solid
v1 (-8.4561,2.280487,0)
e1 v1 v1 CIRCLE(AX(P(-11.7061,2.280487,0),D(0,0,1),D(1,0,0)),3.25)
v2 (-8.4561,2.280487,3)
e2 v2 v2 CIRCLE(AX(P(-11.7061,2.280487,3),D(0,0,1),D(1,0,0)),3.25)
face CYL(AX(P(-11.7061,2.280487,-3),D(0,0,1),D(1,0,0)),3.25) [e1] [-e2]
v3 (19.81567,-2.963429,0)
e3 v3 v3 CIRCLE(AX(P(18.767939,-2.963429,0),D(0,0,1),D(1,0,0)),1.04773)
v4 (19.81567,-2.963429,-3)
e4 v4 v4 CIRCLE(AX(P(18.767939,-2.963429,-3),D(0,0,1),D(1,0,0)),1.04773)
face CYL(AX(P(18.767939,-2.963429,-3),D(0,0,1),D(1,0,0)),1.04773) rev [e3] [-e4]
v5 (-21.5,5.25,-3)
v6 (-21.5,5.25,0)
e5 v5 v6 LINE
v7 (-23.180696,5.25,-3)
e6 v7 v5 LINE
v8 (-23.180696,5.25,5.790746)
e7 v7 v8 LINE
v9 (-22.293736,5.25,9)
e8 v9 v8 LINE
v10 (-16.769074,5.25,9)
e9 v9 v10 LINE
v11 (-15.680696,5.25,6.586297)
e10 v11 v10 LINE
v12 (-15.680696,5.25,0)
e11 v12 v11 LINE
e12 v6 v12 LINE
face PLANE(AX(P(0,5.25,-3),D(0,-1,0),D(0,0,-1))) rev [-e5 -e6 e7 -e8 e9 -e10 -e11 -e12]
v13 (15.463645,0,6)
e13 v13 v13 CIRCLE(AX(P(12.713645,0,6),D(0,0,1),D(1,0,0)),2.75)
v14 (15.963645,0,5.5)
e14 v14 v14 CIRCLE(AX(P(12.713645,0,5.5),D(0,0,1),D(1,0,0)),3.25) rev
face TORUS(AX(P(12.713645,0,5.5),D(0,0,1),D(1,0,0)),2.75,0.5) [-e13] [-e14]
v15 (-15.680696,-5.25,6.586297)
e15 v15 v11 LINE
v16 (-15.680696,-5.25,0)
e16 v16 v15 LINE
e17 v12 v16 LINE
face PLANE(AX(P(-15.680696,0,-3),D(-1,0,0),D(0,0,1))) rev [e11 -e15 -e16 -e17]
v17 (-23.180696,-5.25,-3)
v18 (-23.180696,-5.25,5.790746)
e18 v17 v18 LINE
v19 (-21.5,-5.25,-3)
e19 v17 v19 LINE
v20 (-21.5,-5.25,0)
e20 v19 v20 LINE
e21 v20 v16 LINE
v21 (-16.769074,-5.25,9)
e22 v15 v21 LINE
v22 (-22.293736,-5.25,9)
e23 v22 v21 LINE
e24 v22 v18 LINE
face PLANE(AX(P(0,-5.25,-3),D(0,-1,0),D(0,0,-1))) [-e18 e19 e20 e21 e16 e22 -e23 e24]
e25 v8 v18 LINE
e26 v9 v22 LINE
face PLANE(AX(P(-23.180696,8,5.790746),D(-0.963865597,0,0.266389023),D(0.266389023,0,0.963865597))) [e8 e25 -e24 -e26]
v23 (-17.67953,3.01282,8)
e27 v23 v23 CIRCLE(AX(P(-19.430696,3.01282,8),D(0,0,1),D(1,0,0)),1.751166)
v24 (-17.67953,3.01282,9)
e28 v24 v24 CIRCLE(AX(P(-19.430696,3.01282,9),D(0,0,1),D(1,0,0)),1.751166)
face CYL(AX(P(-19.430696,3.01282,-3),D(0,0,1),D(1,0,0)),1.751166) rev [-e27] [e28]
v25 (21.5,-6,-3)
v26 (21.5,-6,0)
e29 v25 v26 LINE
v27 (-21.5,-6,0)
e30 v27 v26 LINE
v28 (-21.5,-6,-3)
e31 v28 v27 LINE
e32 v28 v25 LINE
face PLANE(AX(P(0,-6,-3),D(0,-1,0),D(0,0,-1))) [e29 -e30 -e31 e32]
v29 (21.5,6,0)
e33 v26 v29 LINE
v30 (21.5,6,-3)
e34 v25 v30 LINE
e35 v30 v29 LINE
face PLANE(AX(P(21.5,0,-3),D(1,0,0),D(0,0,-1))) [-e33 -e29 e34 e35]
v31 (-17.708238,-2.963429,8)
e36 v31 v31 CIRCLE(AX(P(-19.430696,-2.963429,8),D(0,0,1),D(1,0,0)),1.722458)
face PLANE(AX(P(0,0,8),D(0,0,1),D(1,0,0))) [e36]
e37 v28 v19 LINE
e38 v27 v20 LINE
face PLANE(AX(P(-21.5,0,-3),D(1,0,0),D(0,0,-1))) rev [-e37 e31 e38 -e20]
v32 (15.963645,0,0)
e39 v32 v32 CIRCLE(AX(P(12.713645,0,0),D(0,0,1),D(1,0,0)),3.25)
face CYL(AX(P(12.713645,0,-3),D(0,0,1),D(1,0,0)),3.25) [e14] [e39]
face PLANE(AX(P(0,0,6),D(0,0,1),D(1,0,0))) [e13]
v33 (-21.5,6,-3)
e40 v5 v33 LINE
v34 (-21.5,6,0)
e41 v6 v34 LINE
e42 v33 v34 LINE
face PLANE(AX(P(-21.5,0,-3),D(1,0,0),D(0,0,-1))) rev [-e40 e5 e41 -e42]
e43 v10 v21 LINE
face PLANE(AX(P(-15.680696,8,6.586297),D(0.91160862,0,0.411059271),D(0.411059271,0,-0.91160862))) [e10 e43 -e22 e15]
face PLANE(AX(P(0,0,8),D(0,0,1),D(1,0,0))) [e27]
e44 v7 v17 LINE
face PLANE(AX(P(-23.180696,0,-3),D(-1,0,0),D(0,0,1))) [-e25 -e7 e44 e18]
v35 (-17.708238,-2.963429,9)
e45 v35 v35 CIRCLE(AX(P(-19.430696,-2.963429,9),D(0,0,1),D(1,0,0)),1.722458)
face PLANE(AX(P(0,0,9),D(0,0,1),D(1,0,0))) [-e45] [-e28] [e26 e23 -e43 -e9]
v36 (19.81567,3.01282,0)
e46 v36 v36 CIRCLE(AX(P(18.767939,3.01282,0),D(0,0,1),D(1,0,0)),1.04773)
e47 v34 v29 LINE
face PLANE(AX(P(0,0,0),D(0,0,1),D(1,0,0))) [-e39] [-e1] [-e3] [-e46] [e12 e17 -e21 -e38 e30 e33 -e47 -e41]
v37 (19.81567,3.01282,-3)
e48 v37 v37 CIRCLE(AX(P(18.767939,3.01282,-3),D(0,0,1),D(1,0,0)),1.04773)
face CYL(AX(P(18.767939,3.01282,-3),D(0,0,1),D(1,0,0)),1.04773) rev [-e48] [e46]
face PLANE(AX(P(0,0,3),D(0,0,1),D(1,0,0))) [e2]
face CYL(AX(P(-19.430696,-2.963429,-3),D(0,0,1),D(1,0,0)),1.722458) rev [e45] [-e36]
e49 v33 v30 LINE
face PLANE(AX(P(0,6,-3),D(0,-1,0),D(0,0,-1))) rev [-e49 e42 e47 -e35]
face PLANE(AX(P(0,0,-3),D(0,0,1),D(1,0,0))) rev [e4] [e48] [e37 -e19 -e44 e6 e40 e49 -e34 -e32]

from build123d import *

# Parameters (mm, degrees)
ESQUISSE1_R                  = 1.047730405
ESQUISSE1_R_2                = 3.25
BOSS_EXTRU_1_DEPTH           = 3
BOSS_EXTRU_2_DEPTH           = 3
BOSS_EXTRU_2_DEPTH_BACK      = 3
ESQUISSE1_3_R                = 3.25
BOSS_EXTRU_3_DEPTH           = 6
BOSS_EXTRU_3_DEPTH_BACK      = 3
ESQUISSE1_4_R                = 3.25
BOSS_EXTRU_4_DEPTH           = 9
BOSS_EXTRU_4_DEPTH_BACK      = 3
ESQUISSE1_5_W                = 7.5
ESQUISSE1_5_H                = 10.5
ESQUISSE1_5_R                = 1.751165812
ESQUISSE1_5_R_2              = 1.722458175
BOSS_EXTRU_5_DEPTH           = 8
BOSS_EXTRU_5_DEPTH_BACK      = 3
ESQUISSE1_6_R                = 1.751165812
ESQUISSE1_6_R_2              = 1.722458175
ENL_V_MAT_EXTRU_1_DEPTH      = 8
ENL_V_MAT_EXTRU_1_DEPTH_BACK = 8
CONG_1_R                     = 0.5


with BuildPart() as part:
    # Esquisse1 → Boss.-Extru.1 (new body)
    with BuildSketch(Plane.XY):
        Polygon((-21.5, -5.25), (-21.5, -6), (21.5, -6), (21.5, 6), (-21.5, 6), (-21.5, 5.25), (-15.680696028, 5.25), (-15.680696028, -5.25), align=None)
        with Locations((18.767939295, -2.963429097)):
            Circle(ESQUISSE1_R, mode=Mode.SUBTRACT)
        with Locations((-11.706099573, 2.280487387)):
            Circle(ESQUISSE1_R_2, mode=Mode.SUBTRACT)
        with Locations((12.713644898, 0)):
            Circle(ESQUISSE1_R_2, mode=Mode.SUBTRACT)
        with Locations((18.767939295, 3.012819582)):
            Circle(ESQUISSE1_R, mode=Mode.SUBTRACT)
    extrude(amount=-BOSS_EXTRU_1_DEPTH)

    # Esquisse1<3> → Boss.-Extru.2 (add, two sides: drawn at the far end of the back side and taken through both)
    with BuildSketch(Plane.XY.offset(-BOSS_EXTRU_2_DEPTH_BACK)):
        with Locations((-11.706099573, 2.280487387)):
            Circle(ESQUISSE1_3_R)
    extrude(amount=BOSS_EXTRU_2_DEPTH + BOSS_EXTRU_2_DEPTH_BACK)

    # Esquisse1<4> → Boss.-Extru.3 (add, two sides: drawn at the far end of the back side and taken through both)
    with BuildSketch(Plane.XY.offset(-BOSS_EXTRU_3_DEPTH_BACK)):
        with Locations((12.713644898, 0)):
            Circle(ESQUISSE1_4_R)
    extrude(amount=BOSS_EXTRU_3_DEPTH + BOSS_EXTRU_3_DEPTH_BACK)

    # Esquisse1<5> → Boss.-Extru.4 (add, two sides: drawn at the far end of the back side and taken through both)
    with BuildSketch(Plane.XY.offset(-BOSS_EXTRU_4_DEPTH_BACK)):
        with Locations((-19.430696028, 0)):
            Rectangle(ESQUISSE1_5_W, ESQUISSE1_5_H)
        with Locations((-19.430696028, 3.012819582)):
            Circle(ESQUISSE1_5_R, mode=Mode.SUBTRACT)
        with Locations((-19.430696028, -2.963429097)):
            Circle(ESQUISSE1_5_R_2, mode=Mode.SUBTRACT)
    extrude(amount=BOSS_EXTRU_4_DEPTH + BOSS_EXTRU_4_DEPTH_BACK)

    # Esquisse1<6> → Boss.-Extru.5 (add, two sides: drawn at the far end of the back side and taken through both)
    with BuildSketch(Plane.XY.offset(-BOSS_EXTRU_5_DEPTH_BACK)):
        with Locations((-19.430696028, 3.012819582)):
            Circle(ESQUISSE1_6_R)
        with Locations((-19.430696028, -2.963429097)):
            Circle(ESQUISSE1_6_R_2)
    extrude(amount=BOSS_EXTRU_5_DEPTH + BOSS_EXTRU_5_DEPTH_BACK)

    # Esquisse2 → Enlèv. mat.-Extru.1 (cut, two sides: drawn at the far end of the back side and taken through both)
    with BuildSketch(Plane(origin=(0, 0, 0), x_dir=(1, 0, 0), z_dir=(0, 1, 0)).offset(-ENL_V_MAT_EXTRU_1_DEPTH_BACK)):
        Polygon((-23.180696028, -5.790746035), (-22.293736237, -9), (-23.180696028, -9), align=None)
        Polygon((-15.680696028, -6.586297382), (-16.769074106, -9), (-15.680696028, -9), align=None)
    extrude(amount=ENL_V_MAT_EXTRU_1_DEPTH + ENL_V_MAT_EXTRU_1_DEPTH_BACK, mode=Mode.SUBTRACT)

    # Congé1
    cong_1_edges = [part.edges().sort_by_distance(p)[0] for p in [
        (9.463644898, 0, 6),
    ]]
    fillet(cong_1_edges, radius=CONG_1_R)


solid = part.part
